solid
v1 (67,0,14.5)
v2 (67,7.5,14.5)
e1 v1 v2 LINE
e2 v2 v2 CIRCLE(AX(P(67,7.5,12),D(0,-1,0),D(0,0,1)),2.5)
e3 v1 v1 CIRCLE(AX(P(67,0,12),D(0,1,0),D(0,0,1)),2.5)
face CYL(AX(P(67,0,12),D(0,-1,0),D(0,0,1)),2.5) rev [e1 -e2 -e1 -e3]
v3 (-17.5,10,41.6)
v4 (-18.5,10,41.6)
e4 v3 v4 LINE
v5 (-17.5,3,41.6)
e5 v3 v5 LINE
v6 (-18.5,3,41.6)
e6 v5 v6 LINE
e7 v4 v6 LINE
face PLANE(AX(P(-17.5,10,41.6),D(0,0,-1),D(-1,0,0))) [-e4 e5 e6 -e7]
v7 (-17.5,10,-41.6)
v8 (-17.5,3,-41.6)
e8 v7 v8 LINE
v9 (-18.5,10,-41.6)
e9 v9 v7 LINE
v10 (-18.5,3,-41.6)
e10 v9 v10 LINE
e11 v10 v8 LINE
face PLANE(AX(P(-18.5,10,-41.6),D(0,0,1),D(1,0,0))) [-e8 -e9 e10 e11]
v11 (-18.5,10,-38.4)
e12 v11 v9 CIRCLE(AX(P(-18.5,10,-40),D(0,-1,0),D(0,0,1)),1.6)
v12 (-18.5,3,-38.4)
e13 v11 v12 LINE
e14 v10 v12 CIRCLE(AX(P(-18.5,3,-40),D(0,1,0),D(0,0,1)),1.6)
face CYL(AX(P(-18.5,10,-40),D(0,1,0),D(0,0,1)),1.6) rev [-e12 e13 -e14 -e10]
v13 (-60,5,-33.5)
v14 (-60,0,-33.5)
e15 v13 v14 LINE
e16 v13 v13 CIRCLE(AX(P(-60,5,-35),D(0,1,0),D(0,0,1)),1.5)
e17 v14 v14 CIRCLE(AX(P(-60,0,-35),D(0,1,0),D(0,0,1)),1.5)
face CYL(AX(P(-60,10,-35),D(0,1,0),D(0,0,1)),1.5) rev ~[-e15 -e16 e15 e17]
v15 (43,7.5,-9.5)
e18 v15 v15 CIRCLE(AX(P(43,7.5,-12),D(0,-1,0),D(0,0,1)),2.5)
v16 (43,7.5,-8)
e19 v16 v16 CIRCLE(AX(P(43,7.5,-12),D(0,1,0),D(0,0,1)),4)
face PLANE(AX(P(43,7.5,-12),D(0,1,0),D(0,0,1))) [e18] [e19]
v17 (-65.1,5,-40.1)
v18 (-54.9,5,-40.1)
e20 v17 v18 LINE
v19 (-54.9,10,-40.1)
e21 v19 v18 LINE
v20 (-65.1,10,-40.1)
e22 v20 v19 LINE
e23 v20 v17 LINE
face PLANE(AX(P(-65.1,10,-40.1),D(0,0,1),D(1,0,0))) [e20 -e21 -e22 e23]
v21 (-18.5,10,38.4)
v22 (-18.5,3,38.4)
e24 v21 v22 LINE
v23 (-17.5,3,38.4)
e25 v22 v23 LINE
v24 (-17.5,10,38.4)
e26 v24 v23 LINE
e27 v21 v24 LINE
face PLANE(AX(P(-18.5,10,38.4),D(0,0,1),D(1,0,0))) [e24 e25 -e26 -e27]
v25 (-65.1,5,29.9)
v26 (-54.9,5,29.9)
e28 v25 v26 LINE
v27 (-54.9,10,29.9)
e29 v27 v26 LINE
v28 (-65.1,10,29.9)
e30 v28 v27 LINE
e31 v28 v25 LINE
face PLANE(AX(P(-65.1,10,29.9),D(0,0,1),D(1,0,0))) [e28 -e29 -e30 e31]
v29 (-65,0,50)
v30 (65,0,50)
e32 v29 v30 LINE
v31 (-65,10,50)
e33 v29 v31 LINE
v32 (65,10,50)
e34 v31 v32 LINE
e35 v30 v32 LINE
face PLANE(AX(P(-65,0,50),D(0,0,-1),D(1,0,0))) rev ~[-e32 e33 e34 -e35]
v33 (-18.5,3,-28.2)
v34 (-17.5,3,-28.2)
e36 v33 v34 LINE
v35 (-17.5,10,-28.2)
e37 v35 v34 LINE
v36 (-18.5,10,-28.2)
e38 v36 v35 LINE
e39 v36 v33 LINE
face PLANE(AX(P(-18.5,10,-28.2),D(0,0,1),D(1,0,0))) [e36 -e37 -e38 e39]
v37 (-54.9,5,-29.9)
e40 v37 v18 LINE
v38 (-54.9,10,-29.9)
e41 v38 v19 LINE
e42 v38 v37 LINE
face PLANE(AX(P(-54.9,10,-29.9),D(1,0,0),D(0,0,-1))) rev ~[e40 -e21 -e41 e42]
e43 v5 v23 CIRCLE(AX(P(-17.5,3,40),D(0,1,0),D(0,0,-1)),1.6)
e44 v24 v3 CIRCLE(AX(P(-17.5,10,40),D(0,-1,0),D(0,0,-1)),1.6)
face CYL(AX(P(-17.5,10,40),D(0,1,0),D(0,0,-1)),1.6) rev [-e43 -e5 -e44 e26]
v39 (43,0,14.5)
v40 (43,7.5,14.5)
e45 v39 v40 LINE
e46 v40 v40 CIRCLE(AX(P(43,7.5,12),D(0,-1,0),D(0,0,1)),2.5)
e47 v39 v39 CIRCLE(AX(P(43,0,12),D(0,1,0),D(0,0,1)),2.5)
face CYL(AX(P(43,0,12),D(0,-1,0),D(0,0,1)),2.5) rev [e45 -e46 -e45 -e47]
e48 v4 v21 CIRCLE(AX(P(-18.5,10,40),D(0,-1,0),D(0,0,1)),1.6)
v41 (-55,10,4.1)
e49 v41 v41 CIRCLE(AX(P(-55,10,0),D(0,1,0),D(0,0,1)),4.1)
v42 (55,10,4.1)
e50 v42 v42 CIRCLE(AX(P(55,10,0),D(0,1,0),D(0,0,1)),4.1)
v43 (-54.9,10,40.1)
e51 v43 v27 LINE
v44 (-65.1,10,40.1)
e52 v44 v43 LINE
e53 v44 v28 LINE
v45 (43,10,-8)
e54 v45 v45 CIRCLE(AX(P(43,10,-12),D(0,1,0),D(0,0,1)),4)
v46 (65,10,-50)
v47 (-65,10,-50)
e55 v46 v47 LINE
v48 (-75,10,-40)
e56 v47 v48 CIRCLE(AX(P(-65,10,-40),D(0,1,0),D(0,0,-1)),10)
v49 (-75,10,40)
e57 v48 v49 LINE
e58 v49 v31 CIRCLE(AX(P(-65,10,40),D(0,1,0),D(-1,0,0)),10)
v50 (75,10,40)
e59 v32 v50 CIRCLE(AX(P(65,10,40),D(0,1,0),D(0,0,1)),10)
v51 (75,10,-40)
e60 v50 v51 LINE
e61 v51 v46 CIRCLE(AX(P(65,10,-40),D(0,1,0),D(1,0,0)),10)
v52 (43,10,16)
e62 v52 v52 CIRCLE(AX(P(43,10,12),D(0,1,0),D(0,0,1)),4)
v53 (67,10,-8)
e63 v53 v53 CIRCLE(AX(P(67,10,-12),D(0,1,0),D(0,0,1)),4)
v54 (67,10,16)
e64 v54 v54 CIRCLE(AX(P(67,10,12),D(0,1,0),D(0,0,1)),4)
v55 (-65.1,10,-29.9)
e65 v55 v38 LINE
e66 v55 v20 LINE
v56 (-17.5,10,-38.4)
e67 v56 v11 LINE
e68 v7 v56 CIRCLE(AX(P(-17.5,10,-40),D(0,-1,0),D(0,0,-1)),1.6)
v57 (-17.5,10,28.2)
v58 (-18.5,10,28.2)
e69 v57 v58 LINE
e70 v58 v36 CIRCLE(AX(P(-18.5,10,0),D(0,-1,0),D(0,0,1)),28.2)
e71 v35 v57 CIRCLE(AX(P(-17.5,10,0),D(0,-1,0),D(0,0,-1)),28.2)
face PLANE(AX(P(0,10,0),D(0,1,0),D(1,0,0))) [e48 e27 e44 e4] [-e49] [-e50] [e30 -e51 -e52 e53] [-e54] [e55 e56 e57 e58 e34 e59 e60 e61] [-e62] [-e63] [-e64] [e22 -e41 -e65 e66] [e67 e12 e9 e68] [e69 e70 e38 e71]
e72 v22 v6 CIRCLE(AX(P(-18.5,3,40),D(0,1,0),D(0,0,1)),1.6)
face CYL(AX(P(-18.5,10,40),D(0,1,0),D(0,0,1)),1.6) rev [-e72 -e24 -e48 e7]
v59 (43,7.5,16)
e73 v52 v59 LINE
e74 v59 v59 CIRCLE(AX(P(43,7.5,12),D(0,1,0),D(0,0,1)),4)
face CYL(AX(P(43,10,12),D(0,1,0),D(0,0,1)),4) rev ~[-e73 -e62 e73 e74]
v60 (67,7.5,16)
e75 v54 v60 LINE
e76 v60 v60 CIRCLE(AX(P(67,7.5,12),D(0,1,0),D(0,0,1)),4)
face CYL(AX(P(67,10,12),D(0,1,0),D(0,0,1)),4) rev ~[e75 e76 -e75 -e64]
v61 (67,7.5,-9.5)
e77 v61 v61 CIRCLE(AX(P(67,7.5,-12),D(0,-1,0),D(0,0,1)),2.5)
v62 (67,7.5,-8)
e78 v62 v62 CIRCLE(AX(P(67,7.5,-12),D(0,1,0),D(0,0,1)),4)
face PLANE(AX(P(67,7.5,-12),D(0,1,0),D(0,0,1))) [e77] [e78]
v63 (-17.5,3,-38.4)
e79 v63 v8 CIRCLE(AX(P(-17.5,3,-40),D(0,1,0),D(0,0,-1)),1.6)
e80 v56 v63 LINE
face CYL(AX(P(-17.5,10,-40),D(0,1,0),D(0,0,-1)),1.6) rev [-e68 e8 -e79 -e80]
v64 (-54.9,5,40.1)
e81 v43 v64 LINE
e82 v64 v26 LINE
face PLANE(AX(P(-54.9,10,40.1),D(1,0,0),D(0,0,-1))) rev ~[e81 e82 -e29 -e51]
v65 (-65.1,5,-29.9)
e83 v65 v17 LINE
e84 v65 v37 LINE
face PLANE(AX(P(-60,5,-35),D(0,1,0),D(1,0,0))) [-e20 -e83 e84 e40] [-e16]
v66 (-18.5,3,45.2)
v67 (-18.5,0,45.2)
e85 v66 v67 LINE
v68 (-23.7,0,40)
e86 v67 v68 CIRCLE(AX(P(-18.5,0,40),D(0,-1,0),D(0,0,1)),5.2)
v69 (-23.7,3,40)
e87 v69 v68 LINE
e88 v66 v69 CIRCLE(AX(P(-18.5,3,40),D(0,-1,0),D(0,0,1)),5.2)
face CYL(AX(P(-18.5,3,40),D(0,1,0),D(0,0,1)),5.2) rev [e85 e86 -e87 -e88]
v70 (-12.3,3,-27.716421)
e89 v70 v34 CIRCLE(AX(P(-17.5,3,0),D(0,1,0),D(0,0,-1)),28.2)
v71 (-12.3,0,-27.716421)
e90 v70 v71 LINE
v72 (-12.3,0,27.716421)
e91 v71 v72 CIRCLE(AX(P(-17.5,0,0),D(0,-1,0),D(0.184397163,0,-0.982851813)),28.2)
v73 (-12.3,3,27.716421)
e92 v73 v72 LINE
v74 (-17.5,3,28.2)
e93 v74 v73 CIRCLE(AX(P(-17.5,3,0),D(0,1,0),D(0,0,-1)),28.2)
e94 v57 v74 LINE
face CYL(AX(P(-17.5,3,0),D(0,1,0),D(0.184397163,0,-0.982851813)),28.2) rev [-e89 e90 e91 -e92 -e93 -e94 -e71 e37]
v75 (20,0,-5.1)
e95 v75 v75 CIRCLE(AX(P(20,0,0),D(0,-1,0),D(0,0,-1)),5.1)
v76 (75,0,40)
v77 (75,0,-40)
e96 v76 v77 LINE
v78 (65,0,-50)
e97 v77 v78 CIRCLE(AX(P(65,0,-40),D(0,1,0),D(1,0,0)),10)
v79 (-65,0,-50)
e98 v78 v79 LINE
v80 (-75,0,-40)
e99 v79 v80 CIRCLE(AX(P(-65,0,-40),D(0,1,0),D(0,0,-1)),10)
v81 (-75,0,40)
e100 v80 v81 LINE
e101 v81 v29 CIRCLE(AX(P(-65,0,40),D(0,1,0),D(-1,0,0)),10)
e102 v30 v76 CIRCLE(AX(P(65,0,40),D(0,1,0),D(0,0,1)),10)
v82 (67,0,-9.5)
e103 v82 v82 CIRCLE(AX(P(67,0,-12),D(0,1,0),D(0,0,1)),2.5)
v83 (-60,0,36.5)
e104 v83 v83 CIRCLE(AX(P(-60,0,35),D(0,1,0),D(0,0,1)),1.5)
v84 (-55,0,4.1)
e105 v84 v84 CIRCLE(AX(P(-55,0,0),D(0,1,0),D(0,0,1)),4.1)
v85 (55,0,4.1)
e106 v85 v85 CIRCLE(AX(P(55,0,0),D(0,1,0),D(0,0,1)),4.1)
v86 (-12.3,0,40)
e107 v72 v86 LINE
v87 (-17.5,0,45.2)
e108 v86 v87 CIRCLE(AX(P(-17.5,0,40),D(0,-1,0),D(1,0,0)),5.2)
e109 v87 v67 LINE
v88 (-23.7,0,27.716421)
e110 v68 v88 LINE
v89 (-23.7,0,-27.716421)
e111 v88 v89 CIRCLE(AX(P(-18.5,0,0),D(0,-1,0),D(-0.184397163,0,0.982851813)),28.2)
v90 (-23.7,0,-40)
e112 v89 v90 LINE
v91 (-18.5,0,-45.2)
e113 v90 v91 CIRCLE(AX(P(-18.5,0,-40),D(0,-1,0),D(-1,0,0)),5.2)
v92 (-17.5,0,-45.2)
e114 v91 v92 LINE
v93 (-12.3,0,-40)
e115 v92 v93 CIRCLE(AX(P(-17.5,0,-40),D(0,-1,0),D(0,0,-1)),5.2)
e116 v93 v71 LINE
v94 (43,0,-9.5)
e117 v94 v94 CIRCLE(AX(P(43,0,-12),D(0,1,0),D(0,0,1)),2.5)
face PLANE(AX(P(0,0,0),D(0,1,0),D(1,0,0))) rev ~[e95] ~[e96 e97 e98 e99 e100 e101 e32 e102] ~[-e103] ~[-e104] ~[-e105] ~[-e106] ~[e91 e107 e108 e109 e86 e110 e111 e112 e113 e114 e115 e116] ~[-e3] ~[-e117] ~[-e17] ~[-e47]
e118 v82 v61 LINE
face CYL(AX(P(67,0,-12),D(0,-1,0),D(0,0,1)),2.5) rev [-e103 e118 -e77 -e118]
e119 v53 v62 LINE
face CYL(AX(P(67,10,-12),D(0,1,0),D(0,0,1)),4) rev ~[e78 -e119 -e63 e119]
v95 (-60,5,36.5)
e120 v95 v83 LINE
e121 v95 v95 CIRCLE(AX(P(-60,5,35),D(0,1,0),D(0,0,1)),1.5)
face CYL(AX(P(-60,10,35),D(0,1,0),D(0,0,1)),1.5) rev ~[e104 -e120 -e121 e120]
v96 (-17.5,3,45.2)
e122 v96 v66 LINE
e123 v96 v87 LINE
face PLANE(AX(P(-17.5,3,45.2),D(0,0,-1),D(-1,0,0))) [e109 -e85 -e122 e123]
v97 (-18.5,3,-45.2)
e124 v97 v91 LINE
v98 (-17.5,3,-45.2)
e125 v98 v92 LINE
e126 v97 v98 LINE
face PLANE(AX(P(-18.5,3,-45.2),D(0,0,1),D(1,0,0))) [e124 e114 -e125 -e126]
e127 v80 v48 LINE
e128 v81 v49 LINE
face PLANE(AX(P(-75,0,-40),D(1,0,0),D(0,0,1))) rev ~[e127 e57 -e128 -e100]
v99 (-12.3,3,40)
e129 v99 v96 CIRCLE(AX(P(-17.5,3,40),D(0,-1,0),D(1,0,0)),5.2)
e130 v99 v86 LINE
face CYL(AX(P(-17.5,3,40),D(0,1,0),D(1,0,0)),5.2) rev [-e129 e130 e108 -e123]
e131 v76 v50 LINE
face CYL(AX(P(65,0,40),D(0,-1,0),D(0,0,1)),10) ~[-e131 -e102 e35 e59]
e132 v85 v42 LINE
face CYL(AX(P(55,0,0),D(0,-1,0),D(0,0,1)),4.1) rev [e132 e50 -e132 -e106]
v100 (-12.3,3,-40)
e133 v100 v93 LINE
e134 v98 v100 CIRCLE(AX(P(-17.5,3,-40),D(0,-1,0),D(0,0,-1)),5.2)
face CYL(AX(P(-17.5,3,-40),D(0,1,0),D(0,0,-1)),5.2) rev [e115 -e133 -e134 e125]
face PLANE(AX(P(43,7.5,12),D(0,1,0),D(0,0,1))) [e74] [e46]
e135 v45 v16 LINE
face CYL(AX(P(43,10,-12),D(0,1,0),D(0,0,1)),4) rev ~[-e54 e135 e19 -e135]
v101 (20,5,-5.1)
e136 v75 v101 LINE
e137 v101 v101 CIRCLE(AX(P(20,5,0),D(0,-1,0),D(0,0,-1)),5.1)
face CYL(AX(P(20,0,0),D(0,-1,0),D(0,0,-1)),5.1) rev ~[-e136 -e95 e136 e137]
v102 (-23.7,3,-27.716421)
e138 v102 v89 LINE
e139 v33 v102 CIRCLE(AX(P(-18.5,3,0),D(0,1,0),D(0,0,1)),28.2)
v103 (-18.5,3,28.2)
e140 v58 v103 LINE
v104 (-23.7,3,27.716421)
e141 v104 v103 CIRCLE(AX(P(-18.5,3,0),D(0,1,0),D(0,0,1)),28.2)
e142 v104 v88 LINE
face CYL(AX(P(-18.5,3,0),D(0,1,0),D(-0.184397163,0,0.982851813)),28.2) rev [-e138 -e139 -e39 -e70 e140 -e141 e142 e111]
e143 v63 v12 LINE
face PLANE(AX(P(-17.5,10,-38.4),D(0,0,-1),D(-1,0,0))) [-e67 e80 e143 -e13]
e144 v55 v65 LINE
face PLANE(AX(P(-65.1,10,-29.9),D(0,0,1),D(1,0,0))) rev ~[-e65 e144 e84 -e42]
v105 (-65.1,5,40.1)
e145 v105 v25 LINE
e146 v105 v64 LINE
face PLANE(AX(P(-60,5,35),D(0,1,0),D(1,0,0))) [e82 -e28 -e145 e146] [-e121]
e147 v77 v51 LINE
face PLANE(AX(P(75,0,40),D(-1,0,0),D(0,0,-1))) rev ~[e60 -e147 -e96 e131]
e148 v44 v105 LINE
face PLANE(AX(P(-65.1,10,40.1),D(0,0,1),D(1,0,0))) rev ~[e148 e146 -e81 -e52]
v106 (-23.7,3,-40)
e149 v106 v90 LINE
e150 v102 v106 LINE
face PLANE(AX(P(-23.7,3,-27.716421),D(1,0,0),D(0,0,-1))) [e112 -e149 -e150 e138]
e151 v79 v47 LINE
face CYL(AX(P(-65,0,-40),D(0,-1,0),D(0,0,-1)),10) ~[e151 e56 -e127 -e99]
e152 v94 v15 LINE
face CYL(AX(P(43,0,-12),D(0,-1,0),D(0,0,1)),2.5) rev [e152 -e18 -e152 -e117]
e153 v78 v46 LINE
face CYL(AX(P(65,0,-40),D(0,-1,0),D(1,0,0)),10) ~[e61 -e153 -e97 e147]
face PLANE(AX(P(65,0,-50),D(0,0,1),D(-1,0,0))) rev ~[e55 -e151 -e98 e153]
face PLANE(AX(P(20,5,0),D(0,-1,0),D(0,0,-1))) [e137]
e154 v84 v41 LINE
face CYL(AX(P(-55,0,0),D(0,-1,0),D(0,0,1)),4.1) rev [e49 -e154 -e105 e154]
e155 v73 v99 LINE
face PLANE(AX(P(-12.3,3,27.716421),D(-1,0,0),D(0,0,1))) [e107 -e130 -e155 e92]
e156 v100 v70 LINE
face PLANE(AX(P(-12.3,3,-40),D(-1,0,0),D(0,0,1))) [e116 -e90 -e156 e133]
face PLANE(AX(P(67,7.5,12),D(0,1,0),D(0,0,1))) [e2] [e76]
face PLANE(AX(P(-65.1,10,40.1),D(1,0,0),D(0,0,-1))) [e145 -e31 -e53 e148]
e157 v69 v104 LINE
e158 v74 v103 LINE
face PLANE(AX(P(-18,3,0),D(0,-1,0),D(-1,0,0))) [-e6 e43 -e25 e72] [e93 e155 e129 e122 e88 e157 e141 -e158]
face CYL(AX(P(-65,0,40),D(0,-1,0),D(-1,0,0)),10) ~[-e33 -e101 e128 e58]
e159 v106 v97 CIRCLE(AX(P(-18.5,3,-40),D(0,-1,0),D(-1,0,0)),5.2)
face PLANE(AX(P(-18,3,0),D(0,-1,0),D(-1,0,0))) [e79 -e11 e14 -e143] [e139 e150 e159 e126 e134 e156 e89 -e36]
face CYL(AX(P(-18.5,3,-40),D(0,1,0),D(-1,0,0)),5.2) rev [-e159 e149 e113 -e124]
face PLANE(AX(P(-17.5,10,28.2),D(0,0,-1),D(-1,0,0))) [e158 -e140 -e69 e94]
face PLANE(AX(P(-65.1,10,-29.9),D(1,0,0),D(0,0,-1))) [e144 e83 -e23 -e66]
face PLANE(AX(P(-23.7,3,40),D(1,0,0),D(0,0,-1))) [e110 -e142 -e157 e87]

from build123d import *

# Parameters (mm, degrees)
SKETCH_1_R          = 4.1
SKETCH_1_R_2        = 2.5
EXTRUDE_1_DEPTH     = 10
CUT_EXTRUDE_3_REACH = 92.692
CUT_EXTRUDE_START   = 3
CUT_EXTRUDE_4_DEPTH = 3
SKETCH_7_R          = 5.1
CUT_EXTRUDE_5_DEPTH = 5
SKETCH_8_R          = 4
CUT_EXTRUDE_6_DEPTH = 2.5
SKETCH_9_R          = 1.5
CUT_EXTRUDE_7_DEPTH = 91.691785736
SKETCH_10_W         = 10.2
SKETCH_10_H         = 10.2
CUT_EXTRUDE_8_DEPTH = 5


with BuildPart() as part:
    # ｽｹｯﾁ1 → ﾎﾞｽ - 押し出し1 (new body)
    with BuildSketch(Plane(origin=(0, 0, 0), x_dir=(1, 0, 0), z_dir=(0, 1, 0))):
        with BuildLine():
            Line((-65, -50), (65, -50))
            ThreePointArc((65, -50), (72.071067812, -47.071067812), (75, -40))
            Line((75, -40), (75, 40))
            ThreePointArc((75, 40), (72.071067812, 47.071067812), (65, 50))
            Line((65, 50), (-65, 50))
            ThreePointArc((-65, 50), (-72.071067812, 47.071067812), (-75, 40))
            Line((-75, 40), (-75, -40))
            ThreePointArc((-75, -40), (-72.071067812, -47.071067812), (-65, -50))
        make_face()
        with Locations(Location((55, 0, 0), (0, 0, 270))):
            Circle(SKETCH_1_R, mode=Mode.SUBTRACT)
        with Locations(Location((43, 12, 0), (0, 0, 270))):
            Circle(SKETCH_1_R_2, mode=Mode.SUBTRACT)
        with Locations(Location((67, 12, 0), (0, 0, 270))):
            Circle(SKETCH_1_R_2, mode=Mode.SUBTRACT)
        with Locations(Location((67, -12, 0), (0, 0, 270))):
            Circle(SKETCH_1_R_2, mode=Mode.SUBTRACT)
        with Locations(Location((43, -12, 0), (0, 0, 270))):
            Circle(SKETCH_1_R_2, mode=Mode.SUBTRACT)
        with Locations(Location((-55, 0, 0), (0, 0, 270))):
            Circle(SKETCH_1_R, mode=Mode.SUBTRACT)
    extrude(amount=EXTRUDE_1_DEPTH)

    # ｽｹｯﾁ5 → ｶｯﾄ - 押し出し3 (cut, up to next)
    with BuildSketch(Plane(origin=(0, 10, 0), x_dir=(1, 0, 0), z_dir=(0, 1, 0)), mode=Mode.PRIVATE) as cut_extrude_3_sk1:
        with BuildLine():
            Line((-18.5, 28.2), (-17.5, 28.2))
            ThreePointArc((-17.5, 28.2), (10.7, 0), (-17.5, -28.2))
            Line((-17.5, -28.2), (-18.5, -28.2))
            ThreePointArc((-18.5, -28.2), (-46.7, 0), (-18.5, 28.2))
        make_face()
    cut_extrude_3_tool1 = extrude(cut_extrude_3_sk1.sketch, amount=-CUT_EXTRUDE_3_REACH, mode=Mode.PRIVATE) & part.part
    # ｽｹｯﾁ5 → ｶｯﾄ - 押し出し3 (cut, up to next)
    with BuildSketch(Plane(origin=(0, 10, 0), x_dir=(1, 0, 0), z_dir=(0, 1, 0)), mode=Mode.PRIVATE) as cut_extrude_3_sk2:
        with BuildLine():
            Line((-18.5, 41.6), (-17.5, 41.6))
            ThreePointArc((-17.5, 41.6), (-15.9, 40), (-17.5, 38.4))
            Line((-17.5, 38.4), (-18.5, 38.4))
            ThreePointArc((-18.5, 38.4), (-20.1, 40), (-18.5, 41.6))
        make_face()
    cut_extrude_3_tool2 = extrude(cut_extrude_3_sk2.sketch, amount=-CUT_EXTRUDE_3_REACH, mode=Mode.PRIVATE) & part.part
    # ｽｹｯﾁ5 → ｶｯﾄ - 押し出し3 (cut, up to next)
    with BuildSketch(Plane(origin=(0, 10, 0), x_dir=(1, 0, 0), z_dir=(0, 1, 0)), mode=Mode.PRIVATE) as cut_extrude_3_sk3:
        with BuildLine():
            Line((-18.5, -38.4), (-17.5, -38.4))
            ThreePointArc((-17.5, -38.4), (-15.9, -40), (-17.5, -41.6))
            Line((-17.5, -41.6), (-18.5, -41.6))
            ThreePointArc((-18.5, -41.6), (-20.1, -40), (-18.5, -38.4))
        make_face()
    cut_extrude_3_tool3 = extrude(cut_extrude_3_sk3.sketch, amount=-CUT_EXTRUDE_3_REACH, mode=Mode.PRIVATE) & part.part
    add(cut_extrude_3_tool1.solids().sort_by_distance((-18, 10, 0))[0], mode=Mode.SUBTRACT)
    add(cut_extrude_3_tool2.solids().sort_by_distance((-18, 10, -40))[0], mode=Mode.SUBTRACT)
    add(cut_extrude_3_tool3.solids().sort_by_distance((-18, 10, 40))[0], mode=Mode.SUBTRACT)

    # ｽｹｯﾁ6 → ｶｯﾄ - 押し出し4 (cut)
    with BuildSketch(Plane(origin=(0, 0, 0), x_dir=(1, 0, 0), z_dir=(0, 1, 0)).offset(CUT_EXTRUDE_START)):
        with BuildLine():
            Line((-18.5, 45.2), (-17.5, 45.2))
            ThreePointArc((-17.5, 45.2), (-13.823044738, 43.676955262), (-12.3, 40))
            Line((-12.3, 40), (-12.3, 27.716421125))
            ThreePointArc((-12.3, 27.716421125), (10.7, 0), (-12.3, -27.716421125))
            Line((-12.3, -27.716421125), (-12.3, -40))
            ThreePointArc((-12.3, -40), (-13.823044738, -43.676955262), (-17.5, -45.2))
            Line((-17.5, -45.2), (-18.5, -45.2))
            ThreePointArc((-18.5, -45.2), (-22.176955262, -43.676955262), (-23.7, -40))
            Line((-23.7, -40), (-23.7, -27.716421125))
            ThreePointArc((-23.7, -27.716421125), (-46.7, 0), (-23.7, 27.716421125))
            Line((-23.7, 27.716421125), (-23.7, 40))
            ThreePointArc((-23.7, 40), (-22.176955262, 43.676955262), (-18.5, 45.2))
        make_face()
    extrude(amount=-CUT_EXTRUDE_4_DEPTH, mode=Mode.SUBTRACT)

    # ｽｹｯﾁ7 → ｶｯﾄ - 押し出し5 (cut)
    with BuildSketch(Plane.XZ):
        with Locations(Location((20, 0, 0), (0, 0, 270))):
            Circle(SKETCH_7_R)
    extrude(amount=-CUT_EXTRUDE_5_DEPTH, mode=Mode.SUBTRACT)

    # ｽｹｯﾁ8 → ｶｯﾄ - 押し出し6 (cut)
    with BuildSketch(Plane(origin=(0, 10, 0), x_dir=(1, 0, 0), z_dir=(0, 1, 0))):
        with Locations(Location((43, 12, 0), (0, 0, 270))):
            Circle(SKETCH_8_R)
        with Locations(Location((67, 12, 0), (0, 0, 270))):
            Circle(SKETCH_8_R)
        with Locations(Location((43, -12, 0), (0, 0, 270))):
            Circle(SKETCH_8_R)
        with Locations(Location((67, -12, 0), (0, 0, 270))):
            Circle(SKETCH_8_R)
    extrude(amount=-CUT_EXTRUDE_6_DEPTH, mode=Mode.SUBTRACT)

    # ｽｹｯﾁ9 → ｶｯﾄ - 押し出し7 (cut, through all)
    with BuildSketch(Plane(origin=(0, 10, 0), x_dir=(1, 0, 0), z_dir=(0, 1, 0))):
        with Locations(Location((-60, 35, 0), (0, 0, 270))):
            Circle(SKETCH_9_R)
        with Locations(Location((-60, -35, 0), (0, 0, 270))):
            Circle(SKETCH_9_R)
    extrude(amount=-CUT_EXTRUDE_7_DEPTH, mode=Mode.SUBTRACT)

    # ｽｹｯﾁ10 → ｶｯﾄ - 押し出し8 (cut)
    with BuildSketch(Plane(origin=(0, 10, 0), x_dir=(1, 0, 0), z_dir=(0, 1, 0))):
        with Locations((-60, 35)):
            Rectangle(SKETCH_10_W, SKETCH_10_H)
        with Locations((-60, -35)):
            Rectangle(SKETCH_10_W, SKETCH_10_H)
    extrude(amount=-CUT_EXTRUDE_8_DEPTH, mode=Mode.SUBTRACT)


solid = part.part
